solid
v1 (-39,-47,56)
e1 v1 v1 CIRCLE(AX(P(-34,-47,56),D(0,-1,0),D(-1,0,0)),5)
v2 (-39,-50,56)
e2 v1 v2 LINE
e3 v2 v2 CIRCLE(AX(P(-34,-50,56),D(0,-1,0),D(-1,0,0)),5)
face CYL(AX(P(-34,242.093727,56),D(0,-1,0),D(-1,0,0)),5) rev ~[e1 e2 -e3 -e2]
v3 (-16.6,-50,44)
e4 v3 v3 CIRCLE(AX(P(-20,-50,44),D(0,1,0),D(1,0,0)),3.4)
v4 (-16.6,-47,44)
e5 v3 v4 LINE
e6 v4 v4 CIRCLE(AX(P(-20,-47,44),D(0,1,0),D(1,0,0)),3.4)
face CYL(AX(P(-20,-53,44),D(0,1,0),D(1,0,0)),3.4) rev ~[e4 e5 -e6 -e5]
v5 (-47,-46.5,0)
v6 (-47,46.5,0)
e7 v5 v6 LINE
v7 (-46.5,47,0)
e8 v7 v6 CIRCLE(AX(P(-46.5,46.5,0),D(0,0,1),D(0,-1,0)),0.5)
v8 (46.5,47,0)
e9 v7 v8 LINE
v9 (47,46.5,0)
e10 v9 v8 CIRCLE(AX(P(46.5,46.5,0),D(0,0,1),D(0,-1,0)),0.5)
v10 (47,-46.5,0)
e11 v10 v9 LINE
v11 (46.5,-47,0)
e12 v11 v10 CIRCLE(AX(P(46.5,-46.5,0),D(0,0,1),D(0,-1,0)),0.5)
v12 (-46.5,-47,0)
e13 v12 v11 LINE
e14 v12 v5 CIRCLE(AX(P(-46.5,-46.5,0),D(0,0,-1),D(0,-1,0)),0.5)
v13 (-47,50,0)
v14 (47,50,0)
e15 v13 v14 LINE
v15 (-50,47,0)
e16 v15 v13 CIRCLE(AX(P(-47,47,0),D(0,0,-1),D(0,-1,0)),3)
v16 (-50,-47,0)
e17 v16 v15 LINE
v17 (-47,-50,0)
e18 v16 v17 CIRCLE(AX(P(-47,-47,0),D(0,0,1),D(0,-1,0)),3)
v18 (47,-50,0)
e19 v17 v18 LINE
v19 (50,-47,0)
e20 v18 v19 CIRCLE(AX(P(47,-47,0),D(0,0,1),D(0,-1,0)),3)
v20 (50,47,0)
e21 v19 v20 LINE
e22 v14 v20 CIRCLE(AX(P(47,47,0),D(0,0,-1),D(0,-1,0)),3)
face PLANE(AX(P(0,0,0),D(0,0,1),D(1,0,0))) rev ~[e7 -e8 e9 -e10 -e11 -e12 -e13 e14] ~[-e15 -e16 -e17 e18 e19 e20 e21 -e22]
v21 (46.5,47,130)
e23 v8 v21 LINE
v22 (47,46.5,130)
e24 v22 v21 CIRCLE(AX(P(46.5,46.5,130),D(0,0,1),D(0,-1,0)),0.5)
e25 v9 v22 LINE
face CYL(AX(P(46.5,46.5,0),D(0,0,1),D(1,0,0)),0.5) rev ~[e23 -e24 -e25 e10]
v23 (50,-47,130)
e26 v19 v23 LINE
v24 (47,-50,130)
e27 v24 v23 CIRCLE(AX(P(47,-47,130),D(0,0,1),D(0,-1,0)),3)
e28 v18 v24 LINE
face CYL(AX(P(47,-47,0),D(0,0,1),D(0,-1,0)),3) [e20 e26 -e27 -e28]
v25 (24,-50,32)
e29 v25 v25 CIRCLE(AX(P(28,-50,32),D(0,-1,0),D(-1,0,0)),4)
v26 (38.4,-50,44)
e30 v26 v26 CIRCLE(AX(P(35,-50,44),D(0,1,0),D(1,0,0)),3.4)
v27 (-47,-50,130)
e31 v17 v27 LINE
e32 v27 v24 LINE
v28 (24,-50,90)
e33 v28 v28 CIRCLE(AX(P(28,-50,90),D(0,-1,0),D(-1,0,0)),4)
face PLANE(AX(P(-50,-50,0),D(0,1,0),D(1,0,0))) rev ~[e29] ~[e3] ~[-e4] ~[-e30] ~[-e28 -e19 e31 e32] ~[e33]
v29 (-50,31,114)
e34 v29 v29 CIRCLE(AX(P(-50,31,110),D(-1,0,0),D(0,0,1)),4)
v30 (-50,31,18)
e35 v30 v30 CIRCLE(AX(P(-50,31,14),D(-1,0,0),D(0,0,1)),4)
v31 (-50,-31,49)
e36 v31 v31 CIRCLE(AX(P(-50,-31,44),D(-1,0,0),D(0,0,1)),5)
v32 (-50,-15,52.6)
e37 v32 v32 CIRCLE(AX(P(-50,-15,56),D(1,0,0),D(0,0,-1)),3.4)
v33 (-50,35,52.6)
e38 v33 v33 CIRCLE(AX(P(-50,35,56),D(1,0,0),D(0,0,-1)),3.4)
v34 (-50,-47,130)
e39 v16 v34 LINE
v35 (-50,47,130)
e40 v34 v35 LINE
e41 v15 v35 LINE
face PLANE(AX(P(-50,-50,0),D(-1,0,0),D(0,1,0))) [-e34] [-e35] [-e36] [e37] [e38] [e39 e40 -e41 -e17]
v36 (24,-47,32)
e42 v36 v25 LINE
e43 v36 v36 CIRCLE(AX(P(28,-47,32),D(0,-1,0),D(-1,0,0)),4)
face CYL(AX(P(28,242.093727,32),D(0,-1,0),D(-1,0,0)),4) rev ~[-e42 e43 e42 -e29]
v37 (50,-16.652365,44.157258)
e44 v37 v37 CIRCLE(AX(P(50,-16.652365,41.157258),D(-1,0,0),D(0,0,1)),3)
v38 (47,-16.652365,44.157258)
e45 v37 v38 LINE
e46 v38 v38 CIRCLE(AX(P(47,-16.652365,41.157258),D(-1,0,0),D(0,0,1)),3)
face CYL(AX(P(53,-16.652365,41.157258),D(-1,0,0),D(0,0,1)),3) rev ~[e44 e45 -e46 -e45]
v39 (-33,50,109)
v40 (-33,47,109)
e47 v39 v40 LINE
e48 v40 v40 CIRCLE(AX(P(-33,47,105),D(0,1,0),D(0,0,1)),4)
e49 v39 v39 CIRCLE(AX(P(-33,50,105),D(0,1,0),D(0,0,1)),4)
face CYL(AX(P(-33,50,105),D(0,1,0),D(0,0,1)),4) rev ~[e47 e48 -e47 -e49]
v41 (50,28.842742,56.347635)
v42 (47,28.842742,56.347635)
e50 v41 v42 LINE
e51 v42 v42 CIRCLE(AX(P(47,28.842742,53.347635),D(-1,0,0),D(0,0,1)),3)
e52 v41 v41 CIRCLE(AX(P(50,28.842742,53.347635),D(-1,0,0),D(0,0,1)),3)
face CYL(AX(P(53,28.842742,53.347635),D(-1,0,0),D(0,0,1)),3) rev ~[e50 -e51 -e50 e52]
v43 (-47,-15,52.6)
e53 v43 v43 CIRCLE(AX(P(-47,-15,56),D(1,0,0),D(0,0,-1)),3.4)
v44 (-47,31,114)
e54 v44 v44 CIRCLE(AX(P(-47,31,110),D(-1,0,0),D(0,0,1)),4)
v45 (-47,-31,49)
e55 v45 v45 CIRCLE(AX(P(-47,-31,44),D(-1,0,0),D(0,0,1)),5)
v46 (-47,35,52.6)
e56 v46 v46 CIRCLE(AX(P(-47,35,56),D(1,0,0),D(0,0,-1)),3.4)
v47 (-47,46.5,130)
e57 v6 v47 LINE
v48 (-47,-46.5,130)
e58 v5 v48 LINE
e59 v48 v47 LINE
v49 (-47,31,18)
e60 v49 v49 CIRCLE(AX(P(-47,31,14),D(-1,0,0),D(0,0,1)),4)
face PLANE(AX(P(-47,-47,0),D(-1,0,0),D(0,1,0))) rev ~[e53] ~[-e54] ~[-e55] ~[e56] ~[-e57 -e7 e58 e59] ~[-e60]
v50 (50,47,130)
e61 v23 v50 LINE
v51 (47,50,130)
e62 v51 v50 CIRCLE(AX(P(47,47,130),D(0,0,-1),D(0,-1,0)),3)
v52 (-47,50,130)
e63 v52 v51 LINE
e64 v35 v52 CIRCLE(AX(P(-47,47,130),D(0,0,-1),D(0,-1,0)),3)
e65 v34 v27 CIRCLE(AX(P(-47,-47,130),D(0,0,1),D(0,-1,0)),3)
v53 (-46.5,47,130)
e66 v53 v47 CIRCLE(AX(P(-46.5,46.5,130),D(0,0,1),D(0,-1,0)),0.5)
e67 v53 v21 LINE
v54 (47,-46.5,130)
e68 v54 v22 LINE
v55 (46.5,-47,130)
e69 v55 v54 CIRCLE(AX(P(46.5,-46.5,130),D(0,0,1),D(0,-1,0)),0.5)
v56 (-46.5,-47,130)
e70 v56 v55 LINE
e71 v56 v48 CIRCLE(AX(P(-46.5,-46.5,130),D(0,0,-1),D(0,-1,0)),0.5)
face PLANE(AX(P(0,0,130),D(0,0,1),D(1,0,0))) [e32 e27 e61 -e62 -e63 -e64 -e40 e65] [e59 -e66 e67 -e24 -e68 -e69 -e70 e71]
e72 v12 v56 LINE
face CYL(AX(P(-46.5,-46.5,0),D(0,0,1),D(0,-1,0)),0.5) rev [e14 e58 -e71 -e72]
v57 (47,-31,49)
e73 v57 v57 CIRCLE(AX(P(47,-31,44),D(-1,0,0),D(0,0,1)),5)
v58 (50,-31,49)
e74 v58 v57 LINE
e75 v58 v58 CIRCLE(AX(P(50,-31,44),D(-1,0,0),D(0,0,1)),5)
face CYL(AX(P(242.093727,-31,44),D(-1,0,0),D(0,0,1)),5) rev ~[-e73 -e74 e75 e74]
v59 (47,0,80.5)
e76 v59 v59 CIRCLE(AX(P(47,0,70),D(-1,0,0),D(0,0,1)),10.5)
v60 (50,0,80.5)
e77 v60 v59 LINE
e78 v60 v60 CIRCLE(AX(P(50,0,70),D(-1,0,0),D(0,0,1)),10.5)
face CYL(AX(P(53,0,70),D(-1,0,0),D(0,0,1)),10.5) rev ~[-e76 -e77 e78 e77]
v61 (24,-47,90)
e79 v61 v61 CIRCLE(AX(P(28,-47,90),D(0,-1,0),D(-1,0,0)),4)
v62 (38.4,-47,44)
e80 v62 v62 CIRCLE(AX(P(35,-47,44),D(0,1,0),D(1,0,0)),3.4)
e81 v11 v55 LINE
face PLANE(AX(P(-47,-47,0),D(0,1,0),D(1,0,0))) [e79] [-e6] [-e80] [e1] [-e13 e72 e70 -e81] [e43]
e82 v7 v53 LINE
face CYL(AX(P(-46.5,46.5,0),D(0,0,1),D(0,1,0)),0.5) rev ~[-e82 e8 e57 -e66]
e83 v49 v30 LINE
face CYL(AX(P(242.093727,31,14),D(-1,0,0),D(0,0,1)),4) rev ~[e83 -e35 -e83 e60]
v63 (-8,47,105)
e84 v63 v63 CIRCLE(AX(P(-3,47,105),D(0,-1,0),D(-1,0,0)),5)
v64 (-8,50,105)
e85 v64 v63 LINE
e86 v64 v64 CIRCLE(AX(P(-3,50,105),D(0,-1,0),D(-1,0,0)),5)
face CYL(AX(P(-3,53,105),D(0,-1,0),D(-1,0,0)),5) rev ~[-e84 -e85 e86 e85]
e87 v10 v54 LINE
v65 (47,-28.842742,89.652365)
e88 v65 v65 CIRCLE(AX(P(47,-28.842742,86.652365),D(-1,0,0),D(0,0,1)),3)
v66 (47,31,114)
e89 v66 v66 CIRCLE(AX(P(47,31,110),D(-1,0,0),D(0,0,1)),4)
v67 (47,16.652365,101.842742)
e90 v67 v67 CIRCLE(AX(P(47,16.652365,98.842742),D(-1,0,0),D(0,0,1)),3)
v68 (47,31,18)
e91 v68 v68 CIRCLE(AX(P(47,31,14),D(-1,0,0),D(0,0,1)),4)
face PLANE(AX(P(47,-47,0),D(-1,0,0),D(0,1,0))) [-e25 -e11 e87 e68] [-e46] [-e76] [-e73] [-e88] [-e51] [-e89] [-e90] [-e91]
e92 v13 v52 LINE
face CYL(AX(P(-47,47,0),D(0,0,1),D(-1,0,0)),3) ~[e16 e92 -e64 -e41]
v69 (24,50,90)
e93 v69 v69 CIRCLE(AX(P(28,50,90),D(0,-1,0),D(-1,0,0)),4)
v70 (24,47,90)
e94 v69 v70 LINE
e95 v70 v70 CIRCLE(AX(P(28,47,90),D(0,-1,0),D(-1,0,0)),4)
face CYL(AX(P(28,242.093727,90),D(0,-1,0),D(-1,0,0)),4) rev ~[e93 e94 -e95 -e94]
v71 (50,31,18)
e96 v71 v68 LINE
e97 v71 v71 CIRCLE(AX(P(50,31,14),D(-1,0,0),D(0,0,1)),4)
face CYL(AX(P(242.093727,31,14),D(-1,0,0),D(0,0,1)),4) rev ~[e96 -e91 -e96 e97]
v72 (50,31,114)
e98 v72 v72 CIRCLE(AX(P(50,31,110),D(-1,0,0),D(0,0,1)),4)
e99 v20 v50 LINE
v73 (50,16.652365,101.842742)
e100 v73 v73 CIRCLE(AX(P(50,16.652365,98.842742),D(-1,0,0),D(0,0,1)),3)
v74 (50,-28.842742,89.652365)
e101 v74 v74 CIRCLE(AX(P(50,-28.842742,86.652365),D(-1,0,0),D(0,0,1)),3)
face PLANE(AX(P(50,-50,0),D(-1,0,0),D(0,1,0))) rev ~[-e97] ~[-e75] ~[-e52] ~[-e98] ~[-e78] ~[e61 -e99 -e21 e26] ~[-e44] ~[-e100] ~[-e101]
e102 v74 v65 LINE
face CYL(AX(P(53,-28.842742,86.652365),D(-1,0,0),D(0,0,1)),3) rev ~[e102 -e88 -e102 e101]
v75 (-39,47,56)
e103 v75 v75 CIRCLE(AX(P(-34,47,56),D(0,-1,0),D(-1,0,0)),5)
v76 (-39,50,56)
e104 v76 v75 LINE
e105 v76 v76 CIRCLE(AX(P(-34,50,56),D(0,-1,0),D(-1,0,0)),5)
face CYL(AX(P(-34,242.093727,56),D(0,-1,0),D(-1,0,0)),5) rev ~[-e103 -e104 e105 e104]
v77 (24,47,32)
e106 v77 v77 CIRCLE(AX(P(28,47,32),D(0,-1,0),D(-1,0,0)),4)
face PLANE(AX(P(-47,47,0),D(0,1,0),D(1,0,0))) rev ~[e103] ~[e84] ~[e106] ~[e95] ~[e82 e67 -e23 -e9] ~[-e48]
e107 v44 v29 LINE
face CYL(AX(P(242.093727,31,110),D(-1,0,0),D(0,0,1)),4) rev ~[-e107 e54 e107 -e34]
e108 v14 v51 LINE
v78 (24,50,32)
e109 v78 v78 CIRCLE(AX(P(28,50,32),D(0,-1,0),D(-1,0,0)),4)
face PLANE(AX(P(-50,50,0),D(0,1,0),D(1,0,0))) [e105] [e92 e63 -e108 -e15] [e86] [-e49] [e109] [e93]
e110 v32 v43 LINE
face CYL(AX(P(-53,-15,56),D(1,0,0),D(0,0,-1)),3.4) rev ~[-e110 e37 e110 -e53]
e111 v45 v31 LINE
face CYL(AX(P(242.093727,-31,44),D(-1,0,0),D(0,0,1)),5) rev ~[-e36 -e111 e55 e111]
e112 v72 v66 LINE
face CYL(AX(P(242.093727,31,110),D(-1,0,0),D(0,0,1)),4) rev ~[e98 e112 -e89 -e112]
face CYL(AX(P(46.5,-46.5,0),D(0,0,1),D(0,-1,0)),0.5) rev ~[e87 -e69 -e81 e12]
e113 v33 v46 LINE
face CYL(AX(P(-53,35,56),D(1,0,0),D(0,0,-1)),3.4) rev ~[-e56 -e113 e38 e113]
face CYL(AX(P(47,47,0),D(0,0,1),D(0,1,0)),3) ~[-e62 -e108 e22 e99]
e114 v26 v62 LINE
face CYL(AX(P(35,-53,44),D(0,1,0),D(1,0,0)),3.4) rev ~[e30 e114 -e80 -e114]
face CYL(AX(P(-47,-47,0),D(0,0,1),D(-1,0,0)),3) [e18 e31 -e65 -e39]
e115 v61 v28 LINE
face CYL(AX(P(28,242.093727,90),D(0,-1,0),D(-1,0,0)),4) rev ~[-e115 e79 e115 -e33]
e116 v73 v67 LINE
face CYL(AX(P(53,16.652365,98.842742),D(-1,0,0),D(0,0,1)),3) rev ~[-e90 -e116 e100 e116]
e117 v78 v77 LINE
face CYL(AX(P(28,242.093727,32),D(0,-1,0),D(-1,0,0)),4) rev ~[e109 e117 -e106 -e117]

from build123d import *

# Parameters (mm, degrees)
SKETCH1_W                      = 100
SKETCH1_H                      = 100
SKETCH1_W_2                    = 94
SKETCH1_H_2                    = 94
EXTRUDE_THIN1_DEPTH            = 130
FILLET1_R                      = 0.5
FILLET2_R                      = 3
F_8_0_8_DIAMETER_HOLE2_D       = 8
F_8_0_8_DIAMETER_HOLE3_D       = 8
F_10_0_10_DIAMETER_HOLE1_D     = 10
F_10_0_10_DIAMETER_HOLE2_D     = 10
M8X1_25_TAPPED_HOLE1_D         = 6.8
M8X1_25_TAPPED_HOLE1_DEPTH     = 3
M8X1_25_TAPPED_HOLE2_D         = 6.8
M8X1_25_TAPPED_HOLE2_DEPTH     = 3
F_21_0_21_DIAMETER_HOLE1_D     = 21
F_21_0_21_DIAMETER_HOLE1_DEPTH = 3
F_6_0_6_DIAMETER_HOLE1_D       = 6
F_6_0_6_DIAMETER_HOLE1_DEPTH   = 3
F_10_0_10_DIAMETER_HOLE4_D     = 10
F_10_0_10_DIAMETER_HOLE4_DEPTH = 3
SKETCH33_R                     = 4
CUT_EXTRUDE1_DEPTH             = 10


with BuildPart() as part:
    # Sketch1 → Extrude-Thin1 (new body)
    with BuildSketch(Plane.XY):
        Rectangle(SKETCH1_W, SKETCH1_H)
        Rectangle(SKETCH1_W_2, SKETCH1_H_2, mode=Mode.SUBTRACT)
    extrude(amount=EXTRUDE_THIN1_DEPTH)

    # Fillet1
    fillet1_edges = [part.edges().sort_by_distance(p)[0] for p in [
        (47, -47, 65),
        (47, 47, 65),
        (-47, 47, 65),
        (-47, -47, 65),
    ]]
    fillet(fillet1_edges, radius=FILLET1_R)

    # Fillet2
    fillet2_edges = [part.edges().sort_by_distance(p)[0] for p in [
        (50, -50, 65),
        (-50, -50, 65),
        (-50, 50, 65),
        (50, 50, 65),
    ]]
    fillet(fillet2_edges, radius=FILLET2_R)

    # Ø8.0 (8) Diameter Hole2 (through all)
    with Locations(Plane(origin=(0, 50, 0), x_dir=(1, 0, 0), z_dir=(0, 1, 0))):
        with Locations((28, -32), (28, -90)):
            Hole(F_8_0_8_DIAMETER_HOLE2_D / 2)

    # Ø8.0 (8) Diameter Hole3 (through all)
    with Locations(Plane(origin=(50, 0, 0), x_dir=(0, 0, -1), z_dir=(1, 0, 0))):
        with Locations((-14, 31), (-110, 31)):
            Hole(F_8_0_8_DIAMETER_HOLE3_D / 2)

    # Ø10.0 (10) Diameter Hole1 (through all)
    with Locations(Plane(origin=(0, 50, 0), x_dir=(1, 0, 0), z_dir=(0, 1, 0))):
        with Locations((-34, -56)):
            Hole(F_10_0_10_DIAMETER_HOLE1_D / 2)

    # Ø10.0 (10) Diameter Hole2 (through all)
    with Locations(Plane(origin=(50, 0, 0), x_dir=(0, 0, -1), z_dir=(1, 0, 0))):
        with Locations((-44, -31)):
            Hole(F_10_0_10_DIAMETER_HOLE2_D / 2)

    # M8x1.25 Tapped Hole1
    with Locations(Plane.ZY.offset(50)):
        with Locations((56, -15), (56, 35)):
            Hole(M8X1_25_TAPPED_HOLE1_D / 2, depth=M8X1_25_TAPPED_HOLE1_DEPTH)

    # M8x1.25 Tapped Hole2
    with Locations(Plane(origin=(0, -50, 0), x_dir=(-1, 0, 0), z_dir=(0, -1, 0))):
        with Locations((20, -44), (-35, -44)):
            Hole(M8X1_25_TAPPED_HOLE2_D / 2, depth=M8X1_25_TAPPED_HOLE2_DEPTH)

    # Ø21.0 (21) Diameter Hole1
    with Locations(Plane(origin=(50, 0, 0), x_dir=(0, 0, -1), z_dir=(1, 0, 0))):
        with Locations((-70, 0)):
            Hole(F_21_0_21_DIAMETER_HOLE1_D / 2, depth=F_21_0_21_DIAMETER_HOLE1_DEPTH)

    # Ø6.0 (6) Diameter Hole1
    with Locations(Plane(origin=(50, 0, 0), x_dir=(0, 0, -1), z_dir=(1, 0, 0))):
        with Locations((-41.157258279, -16.652364697), (-53.347635303, 28.842741721), (-98.842741721, 16.652364697), (-86.652364697, -28.842741721)):
            Hole(F_6_0_6_DIAMETER_HOLE1_D / 2, depth=F_6_0_6_DIAMETER_HOLE1_DEPTH)

    # Ø10.0 (10) Diameter Hole4
    with Locations(Plane(origin=(0, 50, 0), x_dir=(1, 0, 0), z_dir=(0, 1, 0))):
        with Locations((-3, -105)):
            Hole(F_10_0_10_DIAMETER_HOLE4_D / 2, depth=F_10_0_10_DIAMETER_HOLE4_DEPTH)

    # Sketch33 → Cut-Extrude1 (cut)
    with BuildSketch(Plane(origin=(0, 50, 0), x_dir=(1, 0, 0), z_dir=(0, 1, 0))):
        with Locations(Location((-33, -105, 0), (0, 0, 270))):
            Circle(SKETCH33_R)
    extrude(amount=-CUT_EXTRUDE1_DEPTH, mode=Mode.SUBTRACT)


solid = part.part
